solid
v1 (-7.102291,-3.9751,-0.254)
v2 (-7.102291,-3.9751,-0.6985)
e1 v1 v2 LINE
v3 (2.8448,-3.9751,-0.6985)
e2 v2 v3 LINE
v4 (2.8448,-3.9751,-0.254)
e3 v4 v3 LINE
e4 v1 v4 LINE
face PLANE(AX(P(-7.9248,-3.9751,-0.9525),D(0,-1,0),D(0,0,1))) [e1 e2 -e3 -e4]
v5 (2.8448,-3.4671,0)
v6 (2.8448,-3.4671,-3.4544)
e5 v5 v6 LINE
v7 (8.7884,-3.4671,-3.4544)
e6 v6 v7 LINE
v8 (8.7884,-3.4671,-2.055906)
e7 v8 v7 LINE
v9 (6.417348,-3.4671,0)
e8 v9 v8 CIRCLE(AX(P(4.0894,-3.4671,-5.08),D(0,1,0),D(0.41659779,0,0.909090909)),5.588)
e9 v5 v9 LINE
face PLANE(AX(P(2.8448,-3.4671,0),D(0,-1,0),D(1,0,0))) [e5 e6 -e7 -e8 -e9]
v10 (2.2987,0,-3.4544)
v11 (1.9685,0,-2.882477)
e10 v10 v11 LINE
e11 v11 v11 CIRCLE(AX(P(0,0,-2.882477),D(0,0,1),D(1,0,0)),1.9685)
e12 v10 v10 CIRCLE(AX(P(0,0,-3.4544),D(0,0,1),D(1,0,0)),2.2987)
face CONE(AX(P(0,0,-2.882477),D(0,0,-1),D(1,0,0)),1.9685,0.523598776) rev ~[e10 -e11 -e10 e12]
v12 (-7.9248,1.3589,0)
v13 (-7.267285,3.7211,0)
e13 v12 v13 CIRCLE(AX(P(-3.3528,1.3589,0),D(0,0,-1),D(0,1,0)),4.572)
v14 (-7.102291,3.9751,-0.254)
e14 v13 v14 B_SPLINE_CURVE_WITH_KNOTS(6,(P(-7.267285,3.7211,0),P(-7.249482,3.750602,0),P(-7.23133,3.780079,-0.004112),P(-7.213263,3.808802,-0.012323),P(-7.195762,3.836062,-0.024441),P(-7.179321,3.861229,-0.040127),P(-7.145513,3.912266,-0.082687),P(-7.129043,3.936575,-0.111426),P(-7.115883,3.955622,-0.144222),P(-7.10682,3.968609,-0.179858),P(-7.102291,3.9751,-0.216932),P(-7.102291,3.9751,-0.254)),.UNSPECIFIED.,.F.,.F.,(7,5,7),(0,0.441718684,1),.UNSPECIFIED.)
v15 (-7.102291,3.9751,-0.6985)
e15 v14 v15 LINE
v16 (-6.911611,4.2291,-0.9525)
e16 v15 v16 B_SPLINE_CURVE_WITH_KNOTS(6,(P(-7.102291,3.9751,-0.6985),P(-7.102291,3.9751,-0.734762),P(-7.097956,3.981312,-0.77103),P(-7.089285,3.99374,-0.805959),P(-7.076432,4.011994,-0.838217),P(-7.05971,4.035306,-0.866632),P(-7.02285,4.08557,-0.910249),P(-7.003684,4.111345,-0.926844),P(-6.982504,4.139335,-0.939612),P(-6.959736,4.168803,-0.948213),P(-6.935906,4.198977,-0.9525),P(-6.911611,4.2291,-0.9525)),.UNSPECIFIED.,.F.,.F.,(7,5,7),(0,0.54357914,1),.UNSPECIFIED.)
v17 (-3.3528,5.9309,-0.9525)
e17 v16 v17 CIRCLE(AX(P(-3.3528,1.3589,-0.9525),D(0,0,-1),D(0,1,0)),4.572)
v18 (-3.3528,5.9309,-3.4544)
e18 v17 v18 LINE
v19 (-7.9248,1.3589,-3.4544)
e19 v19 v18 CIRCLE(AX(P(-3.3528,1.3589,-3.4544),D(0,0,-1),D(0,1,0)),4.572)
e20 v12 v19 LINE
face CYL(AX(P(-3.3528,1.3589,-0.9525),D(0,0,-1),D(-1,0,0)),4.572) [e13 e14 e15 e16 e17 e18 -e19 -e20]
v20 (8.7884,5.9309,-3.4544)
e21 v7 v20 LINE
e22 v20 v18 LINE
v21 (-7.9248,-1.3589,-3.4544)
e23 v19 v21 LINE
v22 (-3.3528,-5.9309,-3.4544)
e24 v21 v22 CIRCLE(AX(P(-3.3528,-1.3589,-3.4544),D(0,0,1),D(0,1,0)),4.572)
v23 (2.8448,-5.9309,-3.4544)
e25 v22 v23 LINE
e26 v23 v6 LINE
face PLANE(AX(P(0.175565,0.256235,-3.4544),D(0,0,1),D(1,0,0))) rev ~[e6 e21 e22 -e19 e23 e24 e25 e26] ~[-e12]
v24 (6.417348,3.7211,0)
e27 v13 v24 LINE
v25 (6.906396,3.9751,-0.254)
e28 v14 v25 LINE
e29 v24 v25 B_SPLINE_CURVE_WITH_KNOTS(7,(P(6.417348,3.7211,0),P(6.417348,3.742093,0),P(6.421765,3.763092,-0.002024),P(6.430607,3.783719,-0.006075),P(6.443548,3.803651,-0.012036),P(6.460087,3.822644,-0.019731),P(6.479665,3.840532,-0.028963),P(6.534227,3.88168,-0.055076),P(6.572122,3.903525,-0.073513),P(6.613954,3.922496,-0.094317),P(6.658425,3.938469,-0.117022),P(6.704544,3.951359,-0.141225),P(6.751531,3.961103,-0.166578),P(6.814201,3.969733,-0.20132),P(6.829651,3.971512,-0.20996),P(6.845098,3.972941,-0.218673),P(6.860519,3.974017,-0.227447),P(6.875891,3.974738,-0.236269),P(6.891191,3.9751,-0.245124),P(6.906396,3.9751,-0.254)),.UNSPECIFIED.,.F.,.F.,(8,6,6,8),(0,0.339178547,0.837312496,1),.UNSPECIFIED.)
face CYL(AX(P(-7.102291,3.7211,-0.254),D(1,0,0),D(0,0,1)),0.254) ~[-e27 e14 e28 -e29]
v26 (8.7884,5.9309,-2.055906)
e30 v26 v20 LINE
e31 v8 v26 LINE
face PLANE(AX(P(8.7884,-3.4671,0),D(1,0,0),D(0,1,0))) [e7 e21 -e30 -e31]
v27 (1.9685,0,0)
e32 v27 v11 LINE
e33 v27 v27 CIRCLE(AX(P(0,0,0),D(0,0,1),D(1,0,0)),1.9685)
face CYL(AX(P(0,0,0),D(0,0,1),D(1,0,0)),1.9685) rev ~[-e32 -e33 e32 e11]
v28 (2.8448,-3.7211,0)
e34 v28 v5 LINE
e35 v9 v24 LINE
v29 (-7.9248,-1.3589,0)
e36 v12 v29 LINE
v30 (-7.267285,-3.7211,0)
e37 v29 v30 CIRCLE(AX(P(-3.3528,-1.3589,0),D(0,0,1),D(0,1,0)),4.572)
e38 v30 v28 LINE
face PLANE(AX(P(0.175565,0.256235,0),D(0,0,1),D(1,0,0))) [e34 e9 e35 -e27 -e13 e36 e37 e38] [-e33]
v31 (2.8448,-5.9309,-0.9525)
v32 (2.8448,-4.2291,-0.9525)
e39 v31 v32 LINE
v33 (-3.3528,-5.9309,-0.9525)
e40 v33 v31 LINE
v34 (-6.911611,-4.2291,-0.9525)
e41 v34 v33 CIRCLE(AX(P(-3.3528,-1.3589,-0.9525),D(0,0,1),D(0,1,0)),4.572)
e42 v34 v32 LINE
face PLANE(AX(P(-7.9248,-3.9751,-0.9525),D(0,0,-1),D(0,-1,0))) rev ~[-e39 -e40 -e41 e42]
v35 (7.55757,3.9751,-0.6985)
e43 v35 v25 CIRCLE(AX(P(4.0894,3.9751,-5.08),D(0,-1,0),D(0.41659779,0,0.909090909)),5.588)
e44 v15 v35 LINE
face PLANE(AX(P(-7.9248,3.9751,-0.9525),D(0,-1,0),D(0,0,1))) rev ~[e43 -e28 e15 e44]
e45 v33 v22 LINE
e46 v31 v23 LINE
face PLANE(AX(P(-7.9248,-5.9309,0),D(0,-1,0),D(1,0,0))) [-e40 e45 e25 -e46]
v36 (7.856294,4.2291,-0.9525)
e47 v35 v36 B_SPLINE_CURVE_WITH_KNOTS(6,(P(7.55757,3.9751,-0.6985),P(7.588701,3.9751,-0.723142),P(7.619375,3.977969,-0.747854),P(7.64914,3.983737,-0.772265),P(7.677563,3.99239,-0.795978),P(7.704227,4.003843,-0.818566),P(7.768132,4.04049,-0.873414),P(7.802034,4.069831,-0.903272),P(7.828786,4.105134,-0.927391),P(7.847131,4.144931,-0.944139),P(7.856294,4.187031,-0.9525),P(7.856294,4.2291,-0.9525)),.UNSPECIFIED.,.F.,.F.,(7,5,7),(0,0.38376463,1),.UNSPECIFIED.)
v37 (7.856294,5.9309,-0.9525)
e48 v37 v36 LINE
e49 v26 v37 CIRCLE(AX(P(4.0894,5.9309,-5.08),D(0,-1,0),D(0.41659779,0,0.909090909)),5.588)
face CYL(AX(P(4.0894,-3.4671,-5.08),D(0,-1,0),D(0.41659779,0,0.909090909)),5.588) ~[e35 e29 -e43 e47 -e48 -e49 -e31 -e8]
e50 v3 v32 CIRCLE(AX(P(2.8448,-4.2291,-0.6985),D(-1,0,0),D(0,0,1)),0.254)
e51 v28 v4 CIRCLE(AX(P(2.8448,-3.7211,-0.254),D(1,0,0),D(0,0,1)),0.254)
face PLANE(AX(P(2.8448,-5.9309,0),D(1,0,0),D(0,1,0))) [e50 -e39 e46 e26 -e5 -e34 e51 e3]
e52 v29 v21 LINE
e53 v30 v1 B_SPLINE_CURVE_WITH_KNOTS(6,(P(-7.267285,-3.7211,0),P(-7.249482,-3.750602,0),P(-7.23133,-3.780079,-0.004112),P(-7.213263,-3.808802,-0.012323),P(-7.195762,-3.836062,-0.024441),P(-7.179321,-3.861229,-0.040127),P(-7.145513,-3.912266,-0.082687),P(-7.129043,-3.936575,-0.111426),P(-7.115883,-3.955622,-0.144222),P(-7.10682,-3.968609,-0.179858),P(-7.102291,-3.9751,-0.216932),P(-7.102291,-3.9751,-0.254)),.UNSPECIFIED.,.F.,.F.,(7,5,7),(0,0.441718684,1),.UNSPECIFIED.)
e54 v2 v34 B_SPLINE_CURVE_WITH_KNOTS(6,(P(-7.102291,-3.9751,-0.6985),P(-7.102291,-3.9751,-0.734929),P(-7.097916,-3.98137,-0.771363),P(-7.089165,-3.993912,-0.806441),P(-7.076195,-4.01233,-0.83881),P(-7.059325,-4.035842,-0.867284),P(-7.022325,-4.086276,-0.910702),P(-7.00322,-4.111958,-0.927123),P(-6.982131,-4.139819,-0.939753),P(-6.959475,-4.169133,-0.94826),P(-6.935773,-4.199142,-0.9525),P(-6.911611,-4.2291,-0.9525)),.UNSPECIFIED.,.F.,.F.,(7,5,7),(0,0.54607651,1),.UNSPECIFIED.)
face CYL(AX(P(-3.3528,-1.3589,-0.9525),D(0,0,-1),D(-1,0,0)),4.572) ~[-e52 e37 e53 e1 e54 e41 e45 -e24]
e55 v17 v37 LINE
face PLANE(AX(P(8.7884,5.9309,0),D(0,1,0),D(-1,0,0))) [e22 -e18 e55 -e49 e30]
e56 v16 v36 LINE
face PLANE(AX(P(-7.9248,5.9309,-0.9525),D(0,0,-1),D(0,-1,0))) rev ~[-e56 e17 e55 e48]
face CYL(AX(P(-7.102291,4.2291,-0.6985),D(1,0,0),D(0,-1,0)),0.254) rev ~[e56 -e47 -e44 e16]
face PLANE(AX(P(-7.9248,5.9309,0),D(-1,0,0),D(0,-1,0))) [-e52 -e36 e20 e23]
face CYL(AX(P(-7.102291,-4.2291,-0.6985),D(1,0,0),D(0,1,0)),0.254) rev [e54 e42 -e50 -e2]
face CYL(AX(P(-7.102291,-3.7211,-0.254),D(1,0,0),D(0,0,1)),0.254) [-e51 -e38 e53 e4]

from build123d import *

# Parameters (mm, degrees)
F0_R     = 1.9685
F1_DEPTH = 3.4544
F2_W     = 1.9558
F2_H     = 0.9525
F3_DEPTH = 16.7142
F4_R     = 4.572
F6_DEPTH = 9.399
F7_R     = 0.254
F8_SIZE2 = 0.5719231767
F8_SIZE  = 0.3302


with BuildPart() as f1:
    # F0 (on Top) → F1 (new body)
    with BuildSketch(Plane.XY):
        Polygon((-7.9248, 5.9309), (-7.9248, -5.9309), (2.8448, -5.9309), (2.8448, -3.4671), (8.7884, -3.4671), (8.7884, 5.9309), align=None)
        Circle(F0_R, mode=Mode.SUBTRACT)
    extrude(amount=-F1_DEPTH)

    # F2 (on face) → F3 (cut, through all)
    with BuildSketch(Plane(origin=(-7.9248, 0, 0), x_dir=(0, -1, 0), z_dir=(-1, 0, 0))):
        with Locations((-4.953, -0.47625)):
            Rectangle(F2_W, F2_H)
        with Locations((4.953, -0.47625)):
            Rectangle(F2_W, F2_H)
    extrude(amount=-F3_DEPTH, mode=Mode.SUBTRACT)

    # F4
    f4_edges = [f1.edges().sort_by_distance(p)[0] for p in [
        (-7.9248, -5.9309, -2.20345),
        (-7.9248, 5.9309, -2.20345),
    ]]
    fillet(f4_edges, radius=F4_R)

    # F5 (on face) → F6 (cut, through all)
    with BuildSketch(Plane.XZ.offset(3.4671)):
        with BuildLine():
            ThreePointArc((6.417348453, 0), (7.7501634134, -0.858086307), (8.7884, -2.0559062515))
            Line((8.7884, -2.0559062515), (8.7884, 0))
            Line((8.7884, 0), (6.417348453, 0))
        make_face()
    extrude(amount=-F6_DEPTH, mode=Mode.SUBTRACT)

    # F7
    f7_edges = [f1.edges().sort_by_distance(p)[0] for p in [
        (-2.128745, -3.9751, 0),
        (-0.342471, 3.9751, 0),
        (-2.128745, -3.9751, -0.9525),
        (0.377001, 3.9751, -0.9525),
    ]]
    fillet(f7_edges, radius=F7_R)

    # F8
    f8_edges = [f1.edges().sort_by_distance(p)[0] for p in [
        (-1.9685, 0, -3.4544),
    ]]
    f8_side = f1.faces().sort_by_distance((2.7178, 5.725953, -3.4544))[0]
    chamfer(f8_edges, length=F8_SIZE, length2=F8_SIZE2, reference=f8_side)


solid = f1.part
